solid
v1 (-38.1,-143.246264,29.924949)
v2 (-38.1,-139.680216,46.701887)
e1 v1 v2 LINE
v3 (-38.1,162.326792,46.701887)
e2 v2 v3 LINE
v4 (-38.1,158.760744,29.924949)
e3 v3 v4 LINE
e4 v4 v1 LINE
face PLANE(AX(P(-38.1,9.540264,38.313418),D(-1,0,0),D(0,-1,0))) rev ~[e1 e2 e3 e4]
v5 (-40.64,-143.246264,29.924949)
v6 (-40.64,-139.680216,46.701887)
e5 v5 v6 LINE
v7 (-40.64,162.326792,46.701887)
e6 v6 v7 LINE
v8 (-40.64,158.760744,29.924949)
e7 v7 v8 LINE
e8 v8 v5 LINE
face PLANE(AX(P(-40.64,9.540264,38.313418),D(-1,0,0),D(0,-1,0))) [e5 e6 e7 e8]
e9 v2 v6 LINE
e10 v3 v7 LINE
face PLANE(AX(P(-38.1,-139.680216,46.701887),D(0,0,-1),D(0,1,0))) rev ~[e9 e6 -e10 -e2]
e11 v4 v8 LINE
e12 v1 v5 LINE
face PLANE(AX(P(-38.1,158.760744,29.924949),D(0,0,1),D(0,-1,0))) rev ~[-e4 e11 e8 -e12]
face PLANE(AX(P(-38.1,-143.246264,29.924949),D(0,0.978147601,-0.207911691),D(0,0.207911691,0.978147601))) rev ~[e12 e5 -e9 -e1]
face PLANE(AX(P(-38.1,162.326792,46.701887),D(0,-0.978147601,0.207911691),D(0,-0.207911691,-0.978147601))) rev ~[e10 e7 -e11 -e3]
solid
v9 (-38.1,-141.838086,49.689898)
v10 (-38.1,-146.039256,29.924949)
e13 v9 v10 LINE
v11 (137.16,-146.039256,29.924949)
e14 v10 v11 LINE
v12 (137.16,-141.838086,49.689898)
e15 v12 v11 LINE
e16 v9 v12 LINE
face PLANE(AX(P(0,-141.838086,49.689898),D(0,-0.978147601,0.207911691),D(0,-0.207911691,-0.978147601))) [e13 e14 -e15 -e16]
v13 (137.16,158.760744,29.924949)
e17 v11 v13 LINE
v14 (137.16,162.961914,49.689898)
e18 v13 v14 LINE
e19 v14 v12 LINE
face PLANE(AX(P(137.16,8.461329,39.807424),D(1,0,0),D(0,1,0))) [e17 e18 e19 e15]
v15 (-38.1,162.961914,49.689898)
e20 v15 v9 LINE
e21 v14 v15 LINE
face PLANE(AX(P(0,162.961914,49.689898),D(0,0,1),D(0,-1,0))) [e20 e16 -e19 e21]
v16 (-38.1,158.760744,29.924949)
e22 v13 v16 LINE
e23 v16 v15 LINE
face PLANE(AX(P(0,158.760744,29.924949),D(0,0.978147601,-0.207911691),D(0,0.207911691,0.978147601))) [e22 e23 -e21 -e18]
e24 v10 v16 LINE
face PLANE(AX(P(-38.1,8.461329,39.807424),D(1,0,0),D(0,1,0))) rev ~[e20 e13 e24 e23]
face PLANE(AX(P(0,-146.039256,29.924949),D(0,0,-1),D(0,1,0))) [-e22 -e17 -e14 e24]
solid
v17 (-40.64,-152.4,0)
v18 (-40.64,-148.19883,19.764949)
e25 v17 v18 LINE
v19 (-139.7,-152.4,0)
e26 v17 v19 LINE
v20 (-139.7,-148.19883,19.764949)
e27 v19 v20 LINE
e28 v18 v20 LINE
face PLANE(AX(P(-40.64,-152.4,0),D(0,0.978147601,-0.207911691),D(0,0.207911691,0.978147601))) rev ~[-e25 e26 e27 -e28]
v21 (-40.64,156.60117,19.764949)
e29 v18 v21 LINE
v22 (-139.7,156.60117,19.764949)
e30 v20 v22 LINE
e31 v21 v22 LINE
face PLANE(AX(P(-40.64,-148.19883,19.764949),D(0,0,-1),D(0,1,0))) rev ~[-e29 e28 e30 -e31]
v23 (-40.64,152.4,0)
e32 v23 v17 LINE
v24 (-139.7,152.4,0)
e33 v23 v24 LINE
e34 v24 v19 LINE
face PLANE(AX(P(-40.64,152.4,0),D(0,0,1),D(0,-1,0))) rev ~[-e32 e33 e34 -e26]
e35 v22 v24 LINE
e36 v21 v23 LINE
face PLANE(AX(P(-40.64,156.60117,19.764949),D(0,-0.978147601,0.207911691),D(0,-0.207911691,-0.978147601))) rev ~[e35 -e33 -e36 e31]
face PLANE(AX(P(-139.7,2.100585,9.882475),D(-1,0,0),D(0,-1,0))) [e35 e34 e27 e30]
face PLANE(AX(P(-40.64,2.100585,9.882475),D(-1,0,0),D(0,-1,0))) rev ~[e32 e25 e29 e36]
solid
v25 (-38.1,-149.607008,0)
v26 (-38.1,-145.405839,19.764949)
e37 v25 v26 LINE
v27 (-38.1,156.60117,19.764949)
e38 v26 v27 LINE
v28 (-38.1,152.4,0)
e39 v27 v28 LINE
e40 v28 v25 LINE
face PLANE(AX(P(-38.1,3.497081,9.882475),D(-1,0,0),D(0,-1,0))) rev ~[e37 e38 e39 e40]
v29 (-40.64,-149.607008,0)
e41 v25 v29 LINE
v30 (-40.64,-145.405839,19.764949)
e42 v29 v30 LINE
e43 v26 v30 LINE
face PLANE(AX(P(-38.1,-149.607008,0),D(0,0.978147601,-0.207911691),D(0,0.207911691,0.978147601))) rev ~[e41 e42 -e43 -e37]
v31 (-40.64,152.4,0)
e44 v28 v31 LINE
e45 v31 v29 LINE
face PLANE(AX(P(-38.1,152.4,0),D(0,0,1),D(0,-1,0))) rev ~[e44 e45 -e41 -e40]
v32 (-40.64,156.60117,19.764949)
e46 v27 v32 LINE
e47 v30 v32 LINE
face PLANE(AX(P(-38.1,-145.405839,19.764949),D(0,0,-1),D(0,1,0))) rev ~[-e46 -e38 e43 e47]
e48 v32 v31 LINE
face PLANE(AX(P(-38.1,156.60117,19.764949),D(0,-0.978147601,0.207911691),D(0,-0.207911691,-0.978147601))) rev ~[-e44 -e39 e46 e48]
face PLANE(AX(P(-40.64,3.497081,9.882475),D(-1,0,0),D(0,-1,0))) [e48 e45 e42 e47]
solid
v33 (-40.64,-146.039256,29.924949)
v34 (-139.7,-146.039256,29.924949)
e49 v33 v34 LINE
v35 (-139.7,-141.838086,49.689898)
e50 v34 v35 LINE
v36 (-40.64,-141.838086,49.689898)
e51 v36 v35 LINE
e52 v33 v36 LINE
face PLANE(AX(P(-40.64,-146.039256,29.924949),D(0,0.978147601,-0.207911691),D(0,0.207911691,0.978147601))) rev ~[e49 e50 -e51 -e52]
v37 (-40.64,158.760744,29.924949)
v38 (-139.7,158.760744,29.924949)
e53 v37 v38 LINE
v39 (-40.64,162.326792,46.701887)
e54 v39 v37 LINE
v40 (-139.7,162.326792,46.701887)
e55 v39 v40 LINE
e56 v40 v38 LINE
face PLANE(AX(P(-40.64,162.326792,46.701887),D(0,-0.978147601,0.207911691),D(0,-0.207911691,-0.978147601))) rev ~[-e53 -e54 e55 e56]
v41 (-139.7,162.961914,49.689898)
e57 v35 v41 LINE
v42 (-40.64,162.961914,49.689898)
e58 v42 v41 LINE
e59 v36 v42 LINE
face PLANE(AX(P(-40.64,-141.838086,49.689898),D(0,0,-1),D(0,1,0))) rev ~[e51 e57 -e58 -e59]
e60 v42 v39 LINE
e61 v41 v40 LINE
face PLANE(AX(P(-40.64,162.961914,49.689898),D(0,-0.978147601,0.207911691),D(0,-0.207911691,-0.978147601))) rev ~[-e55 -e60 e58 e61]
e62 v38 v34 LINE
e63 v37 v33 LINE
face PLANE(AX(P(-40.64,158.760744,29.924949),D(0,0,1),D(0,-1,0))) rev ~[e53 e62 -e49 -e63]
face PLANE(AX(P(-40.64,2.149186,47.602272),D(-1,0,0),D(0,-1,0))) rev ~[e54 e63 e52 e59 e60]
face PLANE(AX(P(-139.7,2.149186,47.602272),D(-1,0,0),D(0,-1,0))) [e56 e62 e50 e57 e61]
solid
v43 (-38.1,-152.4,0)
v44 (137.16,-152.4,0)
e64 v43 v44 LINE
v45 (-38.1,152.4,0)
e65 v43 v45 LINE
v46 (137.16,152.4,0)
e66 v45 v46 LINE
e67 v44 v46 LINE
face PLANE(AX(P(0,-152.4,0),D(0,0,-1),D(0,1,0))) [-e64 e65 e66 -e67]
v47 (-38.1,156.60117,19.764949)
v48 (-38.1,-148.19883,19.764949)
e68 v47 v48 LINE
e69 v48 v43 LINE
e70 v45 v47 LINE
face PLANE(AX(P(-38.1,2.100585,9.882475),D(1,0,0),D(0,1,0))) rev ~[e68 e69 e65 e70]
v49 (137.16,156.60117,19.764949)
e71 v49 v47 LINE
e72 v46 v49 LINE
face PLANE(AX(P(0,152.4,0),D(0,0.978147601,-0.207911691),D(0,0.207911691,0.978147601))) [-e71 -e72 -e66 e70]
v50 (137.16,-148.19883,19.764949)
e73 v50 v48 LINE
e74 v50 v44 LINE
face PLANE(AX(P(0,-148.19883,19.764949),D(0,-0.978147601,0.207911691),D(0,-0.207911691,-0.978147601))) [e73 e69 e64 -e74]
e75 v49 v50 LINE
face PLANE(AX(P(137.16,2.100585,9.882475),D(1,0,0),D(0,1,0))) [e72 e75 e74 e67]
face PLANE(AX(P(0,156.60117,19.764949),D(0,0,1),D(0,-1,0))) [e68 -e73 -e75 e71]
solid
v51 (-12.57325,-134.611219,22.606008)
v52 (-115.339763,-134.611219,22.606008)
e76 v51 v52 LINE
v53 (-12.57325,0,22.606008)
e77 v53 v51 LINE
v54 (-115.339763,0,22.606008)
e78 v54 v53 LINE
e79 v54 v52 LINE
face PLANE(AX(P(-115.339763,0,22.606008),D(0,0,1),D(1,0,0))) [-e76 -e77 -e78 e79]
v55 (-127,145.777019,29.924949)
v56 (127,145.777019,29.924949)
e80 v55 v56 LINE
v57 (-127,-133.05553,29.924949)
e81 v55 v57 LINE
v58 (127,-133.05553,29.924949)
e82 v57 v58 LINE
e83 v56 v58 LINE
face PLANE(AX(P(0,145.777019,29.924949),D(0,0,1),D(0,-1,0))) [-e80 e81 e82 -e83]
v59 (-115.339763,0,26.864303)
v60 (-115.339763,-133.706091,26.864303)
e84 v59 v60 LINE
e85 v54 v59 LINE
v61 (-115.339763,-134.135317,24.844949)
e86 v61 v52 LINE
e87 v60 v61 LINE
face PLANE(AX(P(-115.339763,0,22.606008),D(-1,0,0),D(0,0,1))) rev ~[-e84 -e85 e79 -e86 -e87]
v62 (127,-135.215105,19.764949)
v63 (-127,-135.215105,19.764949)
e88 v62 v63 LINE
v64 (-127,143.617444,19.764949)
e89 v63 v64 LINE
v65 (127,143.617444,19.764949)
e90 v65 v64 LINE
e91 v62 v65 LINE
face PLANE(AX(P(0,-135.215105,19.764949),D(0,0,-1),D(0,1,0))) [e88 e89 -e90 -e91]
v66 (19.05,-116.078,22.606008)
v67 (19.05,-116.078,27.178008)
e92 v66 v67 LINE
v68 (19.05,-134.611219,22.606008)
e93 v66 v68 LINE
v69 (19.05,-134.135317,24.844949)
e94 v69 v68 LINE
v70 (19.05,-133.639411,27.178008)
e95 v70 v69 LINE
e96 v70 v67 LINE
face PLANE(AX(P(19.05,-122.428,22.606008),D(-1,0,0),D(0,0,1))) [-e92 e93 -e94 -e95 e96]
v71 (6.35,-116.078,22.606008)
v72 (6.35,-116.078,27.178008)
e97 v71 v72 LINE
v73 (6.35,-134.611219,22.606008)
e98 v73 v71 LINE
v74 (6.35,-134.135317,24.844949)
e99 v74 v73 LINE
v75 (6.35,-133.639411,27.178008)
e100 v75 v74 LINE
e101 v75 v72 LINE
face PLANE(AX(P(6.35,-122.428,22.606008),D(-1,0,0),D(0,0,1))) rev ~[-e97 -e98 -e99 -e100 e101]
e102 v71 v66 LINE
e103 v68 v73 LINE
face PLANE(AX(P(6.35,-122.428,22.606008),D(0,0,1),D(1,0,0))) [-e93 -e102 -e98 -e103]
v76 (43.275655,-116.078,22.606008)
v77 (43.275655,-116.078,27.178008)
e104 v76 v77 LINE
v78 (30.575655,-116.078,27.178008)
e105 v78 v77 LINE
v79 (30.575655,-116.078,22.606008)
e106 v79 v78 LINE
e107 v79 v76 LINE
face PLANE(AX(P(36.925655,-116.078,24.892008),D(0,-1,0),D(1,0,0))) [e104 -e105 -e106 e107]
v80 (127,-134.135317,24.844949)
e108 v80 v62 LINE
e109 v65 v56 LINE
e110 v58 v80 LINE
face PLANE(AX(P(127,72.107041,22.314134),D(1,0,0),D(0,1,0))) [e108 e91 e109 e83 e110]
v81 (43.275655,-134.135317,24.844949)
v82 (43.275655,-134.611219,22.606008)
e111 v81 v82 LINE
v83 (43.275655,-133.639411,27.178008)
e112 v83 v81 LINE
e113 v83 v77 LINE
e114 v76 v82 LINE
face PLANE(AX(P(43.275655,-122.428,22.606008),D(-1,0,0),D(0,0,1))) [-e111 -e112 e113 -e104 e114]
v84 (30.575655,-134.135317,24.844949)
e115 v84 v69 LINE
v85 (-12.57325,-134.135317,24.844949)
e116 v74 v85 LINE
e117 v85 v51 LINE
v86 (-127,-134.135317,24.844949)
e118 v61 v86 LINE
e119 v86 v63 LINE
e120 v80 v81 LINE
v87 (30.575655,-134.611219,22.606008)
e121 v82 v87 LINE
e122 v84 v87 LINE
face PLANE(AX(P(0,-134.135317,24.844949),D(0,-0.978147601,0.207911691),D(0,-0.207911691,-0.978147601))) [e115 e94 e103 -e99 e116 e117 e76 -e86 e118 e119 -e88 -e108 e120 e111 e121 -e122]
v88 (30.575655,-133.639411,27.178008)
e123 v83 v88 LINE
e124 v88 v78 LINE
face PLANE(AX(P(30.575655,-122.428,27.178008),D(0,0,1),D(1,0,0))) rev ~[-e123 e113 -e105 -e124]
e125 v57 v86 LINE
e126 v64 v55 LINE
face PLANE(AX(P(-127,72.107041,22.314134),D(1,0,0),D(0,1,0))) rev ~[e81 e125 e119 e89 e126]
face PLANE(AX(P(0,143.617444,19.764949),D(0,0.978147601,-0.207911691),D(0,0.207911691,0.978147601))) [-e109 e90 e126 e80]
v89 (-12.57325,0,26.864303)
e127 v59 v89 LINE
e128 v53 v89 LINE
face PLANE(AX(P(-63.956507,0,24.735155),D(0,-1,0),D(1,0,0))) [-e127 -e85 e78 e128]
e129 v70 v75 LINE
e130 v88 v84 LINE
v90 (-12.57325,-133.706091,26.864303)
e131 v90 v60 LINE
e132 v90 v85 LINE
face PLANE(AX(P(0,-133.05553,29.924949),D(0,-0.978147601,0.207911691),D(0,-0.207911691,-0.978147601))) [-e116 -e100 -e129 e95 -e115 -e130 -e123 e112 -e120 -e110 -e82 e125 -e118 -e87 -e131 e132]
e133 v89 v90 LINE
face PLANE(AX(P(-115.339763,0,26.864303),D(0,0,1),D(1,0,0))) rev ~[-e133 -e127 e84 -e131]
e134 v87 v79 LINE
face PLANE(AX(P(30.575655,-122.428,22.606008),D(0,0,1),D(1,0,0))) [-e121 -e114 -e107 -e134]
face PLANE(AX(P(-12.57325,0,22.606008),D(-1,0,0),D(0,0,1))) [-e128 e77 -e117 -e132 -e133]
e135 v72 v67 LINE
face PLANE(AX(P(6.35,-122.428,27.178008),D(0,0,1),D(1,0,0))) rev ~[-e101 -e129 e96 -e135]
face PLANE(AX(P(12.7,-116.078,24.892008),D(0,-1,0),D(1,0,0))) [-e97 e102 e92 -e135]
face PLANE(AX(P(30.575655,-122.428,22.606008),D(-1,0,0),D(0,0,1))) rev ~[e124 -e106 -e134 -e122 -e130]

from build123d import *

# Parameters (mm, degrees)
F1_DEPTH       = 137.16
F1_DEPTH_BACK  = 38.1
F2_DEPTH       = 127
F2_DEPTH_BACK  = 127
F4_DEPTH       = 2.54
F6_DEPTH       = 99.06
F7_W           = 102.7665138245
F7_H           = 4.2582950555
F8_DEPTH       = 152.4
F10_W          = 12.7
F10_H          = 4.572
F11_DEPTH      = 6.35
F11_DEPTH_BACK = 12.7


with BuildPart() as f1:
    # F0 (on Right) → F1 (new body, two sides)
    with BuildSketch(Plane.YZ) as f1_sk:
        Polygon((162.9619138935, 49.6898981173), (-141.8380861065, 49.6898981173), (-146.0392557199, 29.9249490586), (-133.0555301652, 29.9249490586), (0, 29.9249490586), (145.7770187253, 29.9249490586), (158.7607442801, 29.9249490586), align=None)
    extrude(amount=F1_DEPTH)
    extrude(f1_sk.sketch, amount=-F1_DEPTH_BACK)


with BuildPart() as f1b:
    # F0 (on Right) → F1, piece 2 (new body, two sides)
    with BuildSketch(Plane.YZ) as f1_2_sk:
        Polygon((-135.2151048317, 19.7649490586), (-148.1988303865, 19.7649490586), (-152.4, 0), (152.4, 0), (156.6011696135, 19.7649490586), (143.6174440587, 19.7649490586), (0, 19.7649490586), align=None)
    extrude(amount=F1_DEPTH)
    extrude(f1_2_sk.sketch, amount=-F1_DEPTH_BACK)


with BuildPart() as f2:
    # F0 (on Right) → F2 (new body, two sides)
    with BuildSketch(Plane.YZ) as f2_sk:
        Polygon((143.6174440587, 19.7649490586), (144.697231392, 24.8449490586), (0, 24.8449490586), (0, 19.7649490586), align=None)
        Polygon((144.697231392, 24.8449490586), (145.7770187253, 29.9249490586), (0, 29.9249490586), (0, 24.8449490586), align=None)
        Polygon((0, 24.8449490586), (-134.1353174984, 24.8449490586), (-135.2151048317, 19.7649490586), (0, 19.7649490586), align=None)
        Polygon((0, 29.9249490586), (-133.0555301652, 29.9249490586), (-134.1353174984, 24.8449490586), (0, 24.8449490586), align=None)
    extrude(amount=F2_DEPTH)
    extrude(f2_sk.sketch, amount=-F2_DEPTH_BACK)

    # F7 (on Front) → F8 (cut)
    with BuildSketch(Plane.XZ):
        with Locations((-63.9565065503, 24.7351552825)):
            Rectangle(F7_W, F7_H)
    extrude(amount=F8_DEPTH, mode=Mode.SUBTRACT)

    # F10 (on offset) → F11 (cut, two sides)
    with BuildSketch(Plane.XZ.offset(122.428)) as f11_sk:
        with Locations((12.7, 24.8920077548)):
            Rectangle(F10_W, F10_H)
        with Locations((36.9256554008, 24.8920077548)):
            Rectangle(F10_W, F10_H)
    extrude(amount=-F11_DEPTH, mode=Mode.SUBTRACT)
    extrude(f11_sk.sketch, amount=F11_DEPTH_BACK, mode=Mode.SUBTRACT)


with BuildPart() as f4:
    # F3 (on face) → F4 (new body)
    with BuildSketch(Plane(origin=(-38.1, 0, 0), x_dir=(0, -1, 0), z_dir=(-1, 0, 0))):
        Polygon((139.6802159434, 46.7018868242), (-162.3267924868, 46.7018868242), (-158.7607442801, 29.9249490586), (143.2462641502, 29.9249490586), align=None)
    extrude(amount=F4_DEPTH)


with BuildPart() as f4b:
    # F3 (on face) → F4, piece 2 (new body)
    with BuildSketch(Plane(origin=(-38.1, 0, 0), x_dir=(0, -1, 0), z_dir=(-1, 0, 0))):
        Polygon((145.4058388168, 19.7649490586), (-156.6011696135, 19.7649490586), (-152.4, 0), (149.6070084303, 0), align=None)
    extrude(amount=F4_DEPTH)


with BuildPart() as f6:
    # F5 (on face) → F6 (new body)
    with BuildSketch(Plane(origin=(-40.64, 0, 0), x_dir=(0, -1, 0), z_dir=(-1, 0, 0))):
        Polygon((143.2462641502, 29.9249490586), (146.0392557199, 29.9249490586), (141.8380861065, 49.6898981173), (-162.9619138935, 49.6898981173), (-162.3267924868, 46.7018868242), (139.6802159434, 46.7018868242), align=None)
        Polygon((-158.7607442801, 29.9249490586), (143.2462641502, 29.9249490586), (139.6802159434, 46.7018868242), (-162.3267924868, 46.7018868242), align=None)
    extrude(amount=F6_DEPTH)


with BuildPart() as f6b:
    # F5 (on face) → F6, piece 2 (new body)
    with BuildSketch(Plane(origin=(-40.64, 0, 0), x_dir=(0, -1, 0), z_dir=(-1, 0, 0))):
        Polygon((-152.4, 0), (152.4, 0), (148.1988303865, 19.7649490586), (-156.6011696135, 19.7649490586), align=None)
    extrude(amount=F6_DEPTH)


solid = Compound([f1.part, f1b.part, f2.part, f4.part, f4b.part, f6.part, f6b.part])
